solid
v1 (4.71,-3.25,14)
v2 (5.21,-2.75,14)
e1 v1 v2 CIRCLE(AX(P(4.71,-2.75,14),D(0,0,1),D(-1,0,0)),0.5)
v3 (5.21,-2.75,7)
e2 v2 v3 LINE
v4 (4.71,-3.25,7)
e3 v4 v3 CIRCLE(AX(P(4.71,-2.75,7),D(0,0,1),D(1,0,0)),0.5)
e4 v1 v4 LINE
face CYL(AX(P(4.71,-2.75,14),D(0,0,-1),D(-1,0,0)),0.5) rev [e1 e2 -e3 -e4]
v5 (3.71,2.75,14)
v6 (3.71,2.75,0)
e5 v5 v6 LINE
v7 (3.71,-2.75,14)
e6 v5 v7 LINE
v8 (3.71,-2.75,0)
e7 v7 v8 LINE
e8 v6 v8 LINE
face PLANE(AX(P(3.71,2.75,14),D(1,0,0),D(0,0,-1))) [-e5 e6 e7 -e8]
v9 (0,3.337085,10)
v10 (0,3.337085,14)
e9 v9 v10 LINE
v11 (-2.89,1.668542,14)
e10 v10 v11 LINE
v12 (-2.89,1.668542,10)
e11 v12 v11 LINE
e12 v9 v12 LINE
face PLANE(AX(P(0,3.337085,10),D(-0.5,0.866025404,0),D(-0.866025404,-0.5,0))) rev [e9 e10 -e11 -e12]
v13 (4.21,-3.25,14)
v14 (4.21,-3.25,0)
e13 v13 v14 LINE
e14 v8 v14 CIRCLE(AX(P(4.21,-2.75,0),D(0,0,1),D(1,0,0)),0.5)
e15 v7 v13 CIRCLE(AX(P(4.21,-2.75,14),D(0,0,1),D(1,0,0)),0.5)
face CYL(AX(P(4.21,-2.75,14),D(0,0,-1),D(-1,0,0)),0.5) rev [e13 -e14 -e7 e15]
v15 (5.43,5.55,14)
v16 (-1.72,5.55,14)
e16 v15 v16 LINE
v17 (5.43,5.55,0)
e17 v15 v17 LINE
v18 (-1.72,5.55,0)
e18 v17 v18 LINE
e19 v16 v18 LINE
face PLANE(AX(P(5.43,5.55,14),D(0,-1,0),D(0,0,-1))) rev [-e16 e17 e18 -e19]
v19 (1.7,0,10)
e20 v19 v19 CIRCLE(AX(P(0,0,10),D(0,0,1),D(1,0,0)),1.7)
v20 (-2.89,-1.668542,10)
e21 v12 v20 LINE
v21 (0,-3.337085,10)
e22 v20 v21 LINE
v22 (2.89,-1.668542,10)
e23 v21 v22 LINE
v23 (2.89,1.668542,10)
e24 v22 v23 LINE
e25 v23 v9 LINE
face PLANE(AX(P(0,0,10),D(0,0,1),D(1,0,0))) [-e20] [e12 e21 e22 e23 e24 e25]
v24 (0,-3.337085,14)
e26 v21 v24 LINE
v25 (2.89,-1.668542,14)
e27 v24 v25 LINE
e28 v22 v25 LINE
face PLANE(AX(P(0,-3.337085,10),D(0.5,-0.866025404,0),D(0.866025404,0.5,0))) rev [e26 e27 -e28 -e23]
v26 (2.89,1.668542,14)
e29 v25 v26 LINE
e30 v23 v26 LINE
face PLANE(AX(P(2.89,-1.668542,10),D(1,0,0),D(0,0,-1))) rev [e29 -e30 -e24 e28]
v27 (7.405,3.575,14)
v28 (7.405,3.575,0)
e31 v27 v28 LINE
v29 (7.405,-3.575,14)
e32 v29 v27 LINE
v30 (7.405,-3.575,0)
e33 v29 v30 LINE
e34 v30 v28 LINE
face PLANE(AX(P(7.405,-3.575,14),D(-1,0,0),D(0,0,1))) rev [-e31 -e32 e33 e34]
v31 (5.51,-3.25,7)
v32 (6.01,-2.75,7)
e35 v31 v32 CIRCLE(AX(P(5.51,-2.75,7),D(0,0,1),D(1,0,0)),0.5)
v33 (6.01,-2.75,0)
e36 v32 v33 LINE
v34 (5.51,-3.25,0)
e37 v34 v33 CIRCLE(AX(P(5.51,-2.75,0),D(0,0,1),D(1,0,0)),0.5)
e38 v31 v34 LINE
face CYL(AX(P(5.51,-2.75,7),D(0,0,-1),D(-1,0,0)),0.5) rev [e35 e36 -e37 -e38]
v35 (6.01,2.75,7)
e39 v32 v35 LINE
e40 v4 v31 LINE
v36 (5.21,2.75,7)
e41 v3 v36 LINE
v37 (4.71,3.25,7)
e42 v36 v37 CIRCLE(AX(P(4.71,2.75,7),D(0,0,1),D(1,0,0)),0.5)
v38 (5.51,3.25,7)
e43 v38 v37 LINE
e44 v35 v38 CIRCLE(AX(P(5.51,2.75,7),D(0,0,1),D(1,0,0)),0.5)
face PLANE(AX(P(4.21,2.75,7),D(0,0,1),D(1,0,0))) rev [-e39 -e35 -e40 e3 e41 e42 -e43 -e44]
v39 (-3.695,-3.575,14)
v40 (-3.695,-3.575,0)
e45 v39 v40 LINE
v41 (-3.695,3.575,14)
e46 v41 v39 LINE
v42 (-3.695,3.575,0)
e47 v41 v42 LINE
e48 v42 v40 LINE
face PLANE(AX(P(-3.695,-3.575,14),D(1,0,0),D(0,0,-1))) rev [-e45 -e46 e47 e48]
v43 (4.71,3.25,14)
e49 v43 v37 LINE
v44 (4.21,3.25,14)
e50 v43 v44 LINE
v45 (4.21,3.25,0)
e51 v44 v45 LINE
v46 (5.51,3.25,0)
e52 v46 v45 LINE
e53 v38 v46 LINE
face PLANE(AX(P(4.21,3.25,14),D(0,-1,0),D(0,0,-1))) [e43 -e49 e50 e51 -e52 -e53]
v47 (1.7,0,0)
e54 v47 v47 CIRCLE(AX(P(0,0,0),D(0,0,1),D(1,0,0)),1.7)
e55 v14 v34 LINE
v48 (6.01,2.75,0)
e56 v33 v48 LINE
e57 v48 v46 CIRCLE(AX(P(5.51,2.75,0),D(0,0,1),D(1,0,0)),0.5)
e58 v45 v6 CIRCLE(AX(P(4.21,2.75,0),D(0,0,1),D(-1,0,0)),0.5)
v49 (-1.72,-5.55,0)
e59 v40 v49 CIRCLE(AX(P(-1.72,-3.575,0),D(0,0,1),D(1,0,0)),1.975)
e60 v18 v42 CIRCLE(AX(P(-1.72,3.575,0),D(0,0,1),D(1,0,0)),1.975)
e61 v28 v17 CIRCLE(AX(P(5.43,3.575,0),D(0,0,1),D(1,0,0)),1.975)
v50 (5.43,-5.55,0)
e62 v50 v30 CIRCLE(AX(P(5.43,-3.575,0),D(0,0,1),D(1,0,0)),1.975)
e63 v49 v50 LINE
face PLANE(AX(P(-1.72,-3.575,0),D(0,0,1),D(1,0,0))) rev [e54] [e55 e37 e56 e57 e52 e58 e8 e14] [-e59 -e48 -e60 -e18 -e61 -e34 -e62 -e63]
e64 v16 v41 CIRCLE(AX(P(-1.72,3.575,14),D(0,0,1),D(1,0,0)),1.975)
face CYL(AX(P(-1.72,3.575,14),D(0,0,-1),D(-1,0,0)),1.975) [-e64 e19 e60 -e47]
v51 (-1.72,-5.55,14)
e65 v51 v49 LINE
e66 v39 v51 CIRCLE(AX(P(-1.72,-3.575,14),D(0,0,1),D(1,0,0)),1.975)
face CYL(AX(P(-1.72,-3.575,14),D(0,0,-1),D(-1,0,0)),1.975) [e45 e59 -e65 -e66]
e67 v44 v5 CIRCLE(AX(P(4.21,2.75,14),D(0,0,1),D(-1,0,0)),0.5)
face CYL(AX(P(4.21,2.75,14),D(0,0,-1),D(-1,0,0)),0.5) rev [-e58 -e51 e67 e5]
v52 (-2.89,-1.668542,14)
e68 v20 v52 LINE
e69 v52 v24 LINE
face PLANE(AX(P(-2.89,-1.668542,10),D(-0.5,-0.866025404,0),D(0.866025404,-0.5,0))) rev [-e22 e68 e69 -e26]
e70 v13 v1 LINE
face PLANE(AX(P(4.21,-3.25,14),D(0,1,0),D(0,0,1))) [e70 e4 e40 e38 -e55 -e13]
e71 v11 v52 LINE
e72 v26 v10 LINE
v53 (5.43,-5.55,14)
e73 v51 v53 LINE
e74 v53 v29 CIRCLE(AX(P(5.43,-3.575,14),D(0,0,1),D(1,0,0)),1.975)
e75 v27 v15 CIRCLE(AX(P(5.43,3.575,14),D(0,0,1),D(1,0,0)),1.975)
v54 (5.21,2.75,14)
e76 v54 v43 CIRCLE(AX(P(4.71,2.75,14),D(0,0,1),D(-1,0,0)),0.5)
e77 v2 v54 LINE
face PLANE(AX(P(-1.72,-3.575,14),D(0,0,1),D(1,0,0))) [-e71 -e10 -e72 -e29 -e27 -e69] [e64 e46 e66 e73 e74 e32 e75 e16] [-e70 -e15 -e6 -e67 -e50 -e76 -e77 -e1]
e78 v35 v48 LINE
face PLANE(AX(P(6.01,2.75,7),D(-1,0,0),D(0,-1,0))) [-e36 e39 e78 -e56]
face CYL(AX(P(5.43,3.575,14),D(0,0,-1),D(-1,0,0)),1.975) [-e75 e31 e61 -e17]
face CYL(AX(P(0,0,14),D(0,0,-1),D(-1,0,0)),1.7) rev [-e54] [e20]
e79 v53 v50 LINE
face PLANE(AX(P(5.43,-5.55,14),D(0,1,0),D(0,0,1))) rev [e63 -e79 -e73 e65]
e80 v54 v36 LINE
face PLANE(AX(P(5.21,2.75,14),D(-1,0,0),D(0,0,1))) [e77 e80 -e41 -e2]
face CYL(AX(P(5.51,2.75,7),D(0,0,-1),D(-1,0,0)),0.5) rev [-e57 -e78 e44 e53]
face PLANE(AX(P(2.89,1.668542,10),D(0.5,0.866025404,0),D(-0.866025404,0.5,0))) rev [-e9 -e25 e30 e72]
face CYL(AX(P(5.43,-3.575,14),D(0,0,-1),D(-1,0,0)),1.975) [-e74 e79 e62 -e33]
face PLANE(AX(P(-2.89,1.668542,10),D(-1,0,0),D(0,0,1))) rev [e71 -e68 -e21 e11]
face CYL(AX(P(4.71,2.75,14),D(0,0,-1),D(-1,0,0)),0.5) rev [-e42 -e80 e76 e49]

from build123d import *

# Parameters (mm, degrees)
SKETCH1_R           = 1.7
BOSS_EXTRUDE1_DEPTH = 14
CUT_EXTRUDE1_DEPTH  = 4
CUT_EXTRUDE2_DEPTH  = 7


with BuildPart() as part:
    # Sketch1 → Boss-Extrude1 (new body)
    with BuildSketch(Plane.XY):
        with BuildLine():
            Line((-3.695, -3.575), (-3.695, 3.575))
            ThreePointArc((-3.695, 3.575), (-3.116535893, 4.971535893), (-1.72, 5.55))
            Line((-1.72, 5.55), (5.43, 5.55))
            ThreePointArc((5.43, 5.55), (6.826535893, 4.971535893), (7.405, 3.575))
            Line((7.405, 3.575), (7.405, -3.575))
            ThreePointArc((7.405, -3.575), (6.826535893, -4.971535893), (5.43, -5.55))
            Line((5.43, -5.55), (-1.72, -5.55))
            ThreePointArc((-1.72, -5.55), (-3.116535893, -4.971535893), (-3.695, -3.575))
        make_face()
        Circle(SKETCH1_R, mode=Mode.SUBTRACT)
        with BuildLine():
            Line((5.21, 2.75), (5.21, -2.75))
            ThreePointArc((5.21, -2.75), (5.063553391, -3.103553391), (4.71, -3.25))
            Line((4.71, -3.25), (4.21, -3.25))
            ThreePointArc((4.21, -3.25), (3.856446609, -3.103553391), (3.71, -2.75))
            Line((3.71, -2.75), (3.71, 2.75))
            ThreePointArc((3.71, 2.75), (3.856446609, 3.103553391), (4.21, 3.25))
            Line((4.21, 3.25), (4.71, 3.25))
            ThreePointArc((4.71, 3.25), (5.063553391, 3.103553391), (5.21, 2.75))
        make_face(mode=Mode.SUBTRACT)
    extrude(amount=BOSS_EXTRUDE1_DEPTH)

    # Sketch2 → Cut-Extrude1 (cut)
    with BuildSketch(Plane.XY.offset(14)):
        Polygon((0, 3.337084556), (-2.89, 1.668542278), (-2.89, -1.668542278), (0, -3.337084556), (2.89, -1.668542278), (2.89, 1.668542278), align=None)
    extrude(amount=-CUT_EXTRUDE1_DEPTH, mode=Mode.SUBTRACT)

    # Sketch3 → Cut-Extrude2 (cut)
    with BuildSketch(Plane.XY):
        with BuildLine():
            Line((3.71, 2.75), (3.71, -2.75))
            ThreePointArc((3.71, -2.75), (3.856446609, -3.103553391), (4.21, -3.25))
            Line((4.21, -3.25), (5.51, -3.25))
            ThreePointArc((5.51, -3.25), (5.863553391, -3.103553391), (6.01, -2.75))
            Line((6.01, -2.75), (6.01, 2.75))
            ThreePointArc((6.01, 2.75), (5.863553391, 3.103553391), (5.51, 3.25))
            Line((5.51, 3.25), (4.21, 3.25))
            ThreePointArc((4.21, 3.25), (3.856446609, 3.103553391), (3.71, 2.75))
        make_face()
    extrude(amount=CUT_EXTRUDE2_DEPTH, mode=Mode.SUBTRACT)


solid = part.part
